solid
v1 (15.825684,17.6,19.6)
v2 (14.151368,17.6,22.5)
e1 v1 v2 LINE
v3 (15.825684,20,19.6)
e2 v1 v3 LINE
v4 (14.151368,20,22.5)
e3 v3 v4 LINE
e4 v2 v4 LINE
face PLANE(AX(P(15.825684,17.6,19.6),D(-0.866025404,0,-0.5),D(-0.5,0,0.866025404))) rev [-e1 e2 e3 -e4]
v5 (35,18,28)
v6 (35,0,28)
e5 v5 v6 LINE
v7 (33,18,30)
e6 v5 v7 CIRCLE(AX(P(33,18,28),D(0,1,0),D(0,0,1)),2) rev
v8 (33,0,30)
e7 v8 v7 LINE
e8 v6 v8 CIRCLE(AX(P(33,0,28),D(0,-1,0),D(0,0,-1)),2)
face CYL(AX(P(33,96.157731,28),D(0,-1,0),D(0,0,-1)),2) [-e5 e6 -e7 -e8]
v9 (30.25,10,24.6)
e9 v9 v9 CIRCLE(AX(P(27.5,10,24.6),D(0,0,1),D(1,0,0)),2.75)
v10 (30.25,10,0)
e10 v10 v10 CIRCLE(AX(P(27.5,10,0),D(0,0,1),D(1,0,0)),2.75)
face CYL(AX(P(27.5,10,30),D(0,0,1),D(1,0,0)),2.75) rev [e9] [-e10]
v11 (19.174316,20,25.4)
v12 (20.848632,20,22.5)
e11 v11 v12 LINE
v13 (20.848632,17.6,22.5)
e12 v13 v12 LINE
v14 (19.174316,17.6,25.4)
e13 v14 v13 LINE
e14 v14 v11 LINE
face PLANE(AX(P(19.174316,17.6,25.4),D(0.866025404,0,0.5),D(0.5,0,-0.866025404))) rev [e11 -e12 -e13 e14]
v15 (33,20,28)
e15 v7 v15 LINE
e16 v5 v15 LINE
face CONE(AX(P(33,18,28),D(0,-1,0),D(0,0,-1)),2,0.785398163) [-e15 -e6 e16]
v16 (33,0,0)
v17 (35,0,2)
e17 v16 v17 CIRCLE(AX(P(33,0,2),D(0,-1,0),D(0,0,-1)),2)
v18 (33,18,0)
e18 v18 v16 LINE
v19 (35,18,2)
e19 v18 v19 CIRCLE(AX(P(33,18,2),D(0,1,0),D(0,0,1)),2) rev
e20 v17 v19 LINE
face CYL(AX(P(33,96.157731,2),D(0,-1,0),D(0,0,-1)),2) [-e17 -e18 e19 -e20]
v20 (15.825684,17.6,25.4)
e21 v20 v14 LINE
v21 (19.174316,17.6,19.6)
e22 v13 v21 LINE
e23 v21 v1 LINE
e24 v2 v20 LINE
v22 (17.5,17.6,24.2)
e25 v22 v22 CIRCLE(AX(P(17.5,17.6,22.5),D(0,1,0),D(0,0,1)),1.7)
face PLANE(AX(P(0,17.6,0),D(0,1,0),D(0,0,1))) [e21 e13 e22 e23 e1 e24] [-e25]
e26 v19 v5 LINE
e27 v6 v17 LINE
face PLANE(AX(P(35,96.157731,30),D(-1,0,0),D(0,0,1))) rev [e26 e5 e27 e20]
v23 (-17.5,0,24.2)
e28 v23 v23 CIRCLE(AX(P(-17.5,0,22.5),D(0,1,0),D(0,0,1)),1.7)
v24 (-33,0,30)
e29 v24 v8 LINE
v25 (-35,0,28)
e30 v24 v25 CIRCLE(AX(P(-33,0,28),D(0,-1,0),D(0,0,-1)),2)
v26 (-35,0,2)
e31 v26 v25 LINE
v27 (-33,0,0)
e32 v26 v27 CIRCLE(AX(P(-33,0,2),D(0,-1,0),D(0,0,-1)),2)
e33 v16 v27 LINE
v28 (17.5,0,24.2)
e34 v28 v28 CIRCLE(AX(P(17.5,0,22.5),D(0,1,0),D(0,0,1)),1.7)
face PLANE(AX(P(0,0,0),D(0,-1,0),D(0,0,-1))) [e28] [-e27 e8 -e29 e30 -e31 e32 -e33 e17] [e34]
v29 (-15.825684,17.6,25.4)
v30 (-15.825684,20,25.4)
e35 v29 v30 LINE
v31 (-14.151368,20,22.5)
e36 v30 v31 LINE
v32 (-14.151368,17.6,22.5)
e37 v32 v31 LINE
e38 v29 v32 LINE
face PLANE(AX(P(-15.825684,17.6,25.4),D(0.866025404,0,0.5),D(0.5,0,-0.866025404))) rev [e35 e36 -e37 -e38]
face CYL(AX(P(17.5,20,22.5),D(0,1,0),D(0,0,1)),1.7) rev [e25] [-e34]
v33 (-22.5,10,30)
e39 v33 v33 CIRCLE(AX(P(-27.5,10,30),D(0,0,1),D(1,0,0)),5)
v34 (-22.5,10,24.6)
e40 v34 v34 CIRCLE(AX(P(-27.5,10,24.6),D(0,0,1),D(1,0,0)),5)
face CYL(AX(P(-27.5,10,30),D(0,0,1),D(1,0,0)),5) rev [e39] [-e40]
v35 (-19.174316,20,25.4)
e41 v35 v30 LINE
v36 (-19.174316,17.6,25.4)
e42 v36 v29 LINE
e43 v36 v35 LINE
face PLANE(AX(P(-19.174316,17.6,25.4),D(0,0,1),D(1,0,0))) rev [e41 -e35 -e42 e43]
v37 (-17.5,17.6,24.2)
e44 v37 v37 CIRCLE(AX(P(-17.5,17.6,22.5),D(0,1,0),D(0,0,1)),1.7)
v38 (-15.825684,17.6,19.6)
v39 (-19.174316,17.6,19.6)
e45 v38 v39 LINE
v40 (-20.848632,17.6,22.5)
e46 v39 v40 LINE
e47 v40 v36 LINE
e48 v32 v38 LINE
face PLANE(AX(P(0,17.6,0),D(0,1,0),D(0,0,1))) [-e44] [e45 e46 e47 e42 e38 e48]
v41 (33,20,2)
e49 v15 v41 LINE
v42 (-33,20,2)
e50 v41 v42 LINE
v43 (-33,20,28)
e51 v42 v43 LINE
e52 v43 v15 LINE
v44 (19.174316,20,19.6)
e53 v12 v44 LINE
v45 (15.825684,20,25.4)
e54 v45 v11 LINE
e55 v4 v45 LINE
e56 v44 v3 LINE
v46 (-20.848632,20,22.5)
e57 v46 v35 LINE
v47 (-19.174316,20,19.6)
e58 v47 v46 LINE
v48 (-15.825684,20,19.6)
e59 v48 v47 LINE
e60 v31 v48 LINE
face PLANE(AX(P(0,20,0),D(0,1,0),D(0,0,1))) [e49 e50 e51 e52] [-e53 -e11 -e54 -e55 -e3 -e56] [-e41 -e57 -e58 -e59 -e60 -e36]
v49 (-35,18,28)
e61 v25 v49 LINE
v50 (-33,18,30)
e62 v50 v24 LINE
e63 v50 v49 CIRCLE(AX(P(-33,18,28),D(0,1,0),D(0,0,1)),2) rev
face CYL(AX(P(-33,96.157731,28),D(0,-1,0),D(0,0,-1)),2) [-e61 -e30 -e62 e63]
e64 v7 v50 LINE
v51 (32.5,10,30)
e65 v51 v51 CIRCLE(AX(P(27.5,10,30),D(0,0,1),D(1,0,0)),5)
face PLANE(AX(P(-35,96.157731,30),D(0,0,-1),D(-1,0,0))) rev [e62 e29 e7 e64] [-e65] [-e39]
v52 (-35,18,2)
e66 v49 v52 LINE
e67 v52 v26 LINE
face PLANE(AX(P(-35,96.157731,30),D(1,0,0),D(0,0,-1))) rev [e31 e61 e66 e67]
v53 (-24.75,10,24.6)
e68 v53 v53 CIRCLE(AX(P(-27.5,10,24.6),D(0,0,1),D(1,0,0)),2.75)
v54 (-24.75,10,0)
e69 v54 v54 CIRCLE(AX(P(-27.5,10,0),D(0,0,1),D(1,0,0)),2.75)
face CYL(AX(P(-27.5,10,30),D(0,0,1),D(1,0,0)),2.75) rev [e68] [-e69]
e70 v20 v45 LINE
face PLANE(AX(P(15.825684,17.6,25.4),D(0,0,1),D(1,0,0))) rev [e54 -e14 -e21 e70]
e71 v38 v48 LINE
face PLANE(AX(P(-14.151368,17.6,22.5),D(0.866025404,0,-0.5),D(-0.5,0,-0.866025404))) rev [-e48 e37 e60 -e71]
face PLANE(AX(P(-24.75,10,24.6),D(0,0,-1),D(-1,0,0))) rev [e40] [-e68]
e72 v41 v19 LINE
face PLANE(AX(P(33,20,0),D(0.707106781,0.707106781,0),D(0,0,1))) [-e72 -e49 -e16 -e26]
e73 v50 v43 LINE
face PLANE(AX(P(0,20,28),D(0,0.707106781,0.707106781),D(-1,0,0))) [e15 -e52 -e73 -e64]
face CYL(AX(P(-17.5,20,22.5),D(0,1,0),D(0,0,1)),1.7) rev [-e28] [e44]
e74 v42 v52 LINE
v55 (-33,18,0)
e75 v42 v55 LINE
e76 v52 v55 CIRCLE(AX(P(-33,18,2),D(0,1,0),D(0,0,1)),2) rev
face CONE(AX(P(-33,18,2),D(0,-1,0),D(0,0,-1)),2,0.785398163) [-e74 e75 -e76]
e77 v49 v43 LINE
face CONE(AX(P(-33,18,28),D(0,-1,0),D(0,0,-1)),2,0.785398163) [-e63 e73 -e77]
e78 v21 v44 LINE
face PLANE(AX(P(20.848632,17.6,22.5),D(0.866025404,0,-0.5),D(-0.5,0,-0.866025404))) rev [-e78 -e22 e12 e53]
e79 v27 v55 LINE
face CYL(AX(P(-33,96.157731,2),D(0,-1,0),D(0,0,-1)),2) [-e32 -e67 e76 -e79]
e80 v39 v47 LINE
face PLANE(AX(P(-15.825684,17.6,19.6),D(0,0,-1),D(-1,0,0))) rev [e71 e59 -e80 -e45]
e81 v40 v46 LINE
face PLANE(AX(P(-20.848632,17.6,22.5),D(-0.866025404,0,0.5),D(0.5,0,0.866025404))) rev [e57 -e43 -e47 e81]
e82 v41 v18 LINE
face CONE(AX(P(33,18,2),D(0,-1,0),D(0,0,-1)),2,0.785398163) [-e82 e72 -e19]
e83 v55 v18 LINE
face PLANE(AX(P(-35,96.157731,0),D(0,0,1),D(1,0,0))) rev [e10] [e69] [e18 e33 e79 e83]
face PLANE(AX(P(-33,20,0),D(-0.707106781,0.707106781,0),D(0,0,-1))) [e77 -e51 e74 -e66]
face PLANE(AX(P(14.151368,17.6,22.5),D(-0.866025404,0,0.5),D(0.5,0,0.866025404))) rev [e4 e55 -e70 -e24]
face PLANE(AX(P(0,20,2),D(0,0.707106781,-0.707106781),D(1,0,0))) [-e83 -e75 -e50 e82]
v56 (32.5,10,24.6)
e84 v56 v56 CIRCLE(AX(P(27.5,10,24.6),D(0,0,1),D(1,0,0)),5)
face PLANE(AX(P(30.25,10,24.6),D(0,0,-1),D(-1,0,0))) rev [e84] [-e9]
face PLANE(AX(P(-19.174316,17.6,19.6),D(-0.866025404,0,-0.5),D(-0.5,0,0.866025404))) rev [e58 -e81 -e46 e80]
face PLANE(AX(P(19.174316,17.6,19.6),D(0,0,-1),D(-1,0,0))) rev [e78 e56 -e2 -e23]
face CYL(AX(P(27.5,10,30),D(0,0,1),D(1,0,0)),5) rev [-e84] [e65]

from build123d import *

# Parameters (mm, degrees)
MAIN_BLOCK_SKETCH_W                                 = 70
MAIN_BLOCK_SKETCH_H                                 = 30
MAIN_BLOCK_DEPTH                                    = 20
NUT_TRAPS_DEPTH                                     = 2.4
TENSION_SCREW_HOLES_D                               = 3.4
CBORE_FOR_M5_HEX_SOCKET_HEAD_CAP_SCREW1_D           = 5.5
CBORE_FOR_M5_HEX_SOCKET_HEAD_CAP_SCREW1_CBORE_D     = 10
CBORE_FOR_M5_HEX_SOCKET_HEAD_CAP_SCREW1_CBORE_DEPTH = 5.4
PRINT_HELPER_FILLETS_R                              = 2
COSMETIC_CHAMFER_SIZE                               = 2


with BuildPart() as part:
    # Main Block Sketch → Main Block (new body)
    with BuildSketch(Plane(origin=(0, 0, 0), x_dir=(1, 0, 0), z_dir=(0, 1, 0))):
        with Locations((0, -15)):
            Rectangle(MAIN_BLOCK_SKETCH_W, MAIN_BLOCK_SKETCH_H)
    extrude(amount=MAIN_BLOCK_DEPTH)

    # Nut TrapsSketch → Nut Traps (cut)
    with BuildSketch(Plane(origin=(0, 20, 0), x_dir=(1, 0, 0), z_dir=(0, 1, 0))):
        Polygon((-15.825684219, -19.6), (-19.174315781, -19.6), (-20.848631561, -22.5), (-19.174315781, -25.4), (-15.825684219, -25.4), (-14.151368439, -22.5), align=None)
        Polygon((19.174315781, -19.6), (15.825684219, -19.6), (14.151368439, -22.5), (15.825684219, -25.4), (19.174315781, -25.4), (20.848631561, -22.5), align=None)
    extrude(amount=-NUT_TRAPS_DEPTH, mode=Mode.SUBTRACT)

    # Tension Screw Holes (through all)
    with Locations(Plane(origin=(0, 20, 0), x_dir=(1, 0, 0), z_dir=(0, 1, 0))):
        with Locations((-17.5, -22.5), (17.5, -22.5)):
            Hole(TENSION_SCREW_HOLES_D / 2)

    # CBORE for M5 Hex Socket Head Cap Screw1 (through all)
    with Locations(Plane.XY.offset(30)):
        with Locations((-27.5, 10), (27.5, 10)):
            CounterBoreHole(CBORE_FOR_M5_HEX_SOCKET_HEAD_CAP_SCREW1_D / 2, CBORE_FOR_M5_HEX_SOCKET_HEAD_CAP_SCREW1_CBORE_D / 2, CBORE_FOR_M5_HEX_SOCKET_HEAD_CAP_SCREW1_CBORE_DEPTH)

    # Print Helper Fillets
    print_helper_fillets_edges = [part.edges().sort_by_distance(p)[0] for p in [
        (35, 10, 30),
        (35, 10, 0),
        (-35, 10, 0),
        (-35, 10, 30),
    ]]
    fillet(print_helper_fillets_edges, radius=PRINT_HELPER_FILLETS_R)

    # Cosmetic Chamfer
    cosmetic_chamfer_edges = [part.edges().sort_by_distance(p)[0] for p in [
        (35, 20, 15),
        (0, 20, 30),
        (0, 20, 0),
        (-35, 20, 15),
        (-34.414213562, 20, 29.414213562),
        (-34.414213562, 20, 0.585786438),
        (34.414213562, 20, 0.585786438),
        (34.414213562, 20, 29.414213562),
    ]]
    chamfer(cosmetic_chamfer_edges, length=COSMETIC_CHAMFER_SIZE)


solid = part.part
